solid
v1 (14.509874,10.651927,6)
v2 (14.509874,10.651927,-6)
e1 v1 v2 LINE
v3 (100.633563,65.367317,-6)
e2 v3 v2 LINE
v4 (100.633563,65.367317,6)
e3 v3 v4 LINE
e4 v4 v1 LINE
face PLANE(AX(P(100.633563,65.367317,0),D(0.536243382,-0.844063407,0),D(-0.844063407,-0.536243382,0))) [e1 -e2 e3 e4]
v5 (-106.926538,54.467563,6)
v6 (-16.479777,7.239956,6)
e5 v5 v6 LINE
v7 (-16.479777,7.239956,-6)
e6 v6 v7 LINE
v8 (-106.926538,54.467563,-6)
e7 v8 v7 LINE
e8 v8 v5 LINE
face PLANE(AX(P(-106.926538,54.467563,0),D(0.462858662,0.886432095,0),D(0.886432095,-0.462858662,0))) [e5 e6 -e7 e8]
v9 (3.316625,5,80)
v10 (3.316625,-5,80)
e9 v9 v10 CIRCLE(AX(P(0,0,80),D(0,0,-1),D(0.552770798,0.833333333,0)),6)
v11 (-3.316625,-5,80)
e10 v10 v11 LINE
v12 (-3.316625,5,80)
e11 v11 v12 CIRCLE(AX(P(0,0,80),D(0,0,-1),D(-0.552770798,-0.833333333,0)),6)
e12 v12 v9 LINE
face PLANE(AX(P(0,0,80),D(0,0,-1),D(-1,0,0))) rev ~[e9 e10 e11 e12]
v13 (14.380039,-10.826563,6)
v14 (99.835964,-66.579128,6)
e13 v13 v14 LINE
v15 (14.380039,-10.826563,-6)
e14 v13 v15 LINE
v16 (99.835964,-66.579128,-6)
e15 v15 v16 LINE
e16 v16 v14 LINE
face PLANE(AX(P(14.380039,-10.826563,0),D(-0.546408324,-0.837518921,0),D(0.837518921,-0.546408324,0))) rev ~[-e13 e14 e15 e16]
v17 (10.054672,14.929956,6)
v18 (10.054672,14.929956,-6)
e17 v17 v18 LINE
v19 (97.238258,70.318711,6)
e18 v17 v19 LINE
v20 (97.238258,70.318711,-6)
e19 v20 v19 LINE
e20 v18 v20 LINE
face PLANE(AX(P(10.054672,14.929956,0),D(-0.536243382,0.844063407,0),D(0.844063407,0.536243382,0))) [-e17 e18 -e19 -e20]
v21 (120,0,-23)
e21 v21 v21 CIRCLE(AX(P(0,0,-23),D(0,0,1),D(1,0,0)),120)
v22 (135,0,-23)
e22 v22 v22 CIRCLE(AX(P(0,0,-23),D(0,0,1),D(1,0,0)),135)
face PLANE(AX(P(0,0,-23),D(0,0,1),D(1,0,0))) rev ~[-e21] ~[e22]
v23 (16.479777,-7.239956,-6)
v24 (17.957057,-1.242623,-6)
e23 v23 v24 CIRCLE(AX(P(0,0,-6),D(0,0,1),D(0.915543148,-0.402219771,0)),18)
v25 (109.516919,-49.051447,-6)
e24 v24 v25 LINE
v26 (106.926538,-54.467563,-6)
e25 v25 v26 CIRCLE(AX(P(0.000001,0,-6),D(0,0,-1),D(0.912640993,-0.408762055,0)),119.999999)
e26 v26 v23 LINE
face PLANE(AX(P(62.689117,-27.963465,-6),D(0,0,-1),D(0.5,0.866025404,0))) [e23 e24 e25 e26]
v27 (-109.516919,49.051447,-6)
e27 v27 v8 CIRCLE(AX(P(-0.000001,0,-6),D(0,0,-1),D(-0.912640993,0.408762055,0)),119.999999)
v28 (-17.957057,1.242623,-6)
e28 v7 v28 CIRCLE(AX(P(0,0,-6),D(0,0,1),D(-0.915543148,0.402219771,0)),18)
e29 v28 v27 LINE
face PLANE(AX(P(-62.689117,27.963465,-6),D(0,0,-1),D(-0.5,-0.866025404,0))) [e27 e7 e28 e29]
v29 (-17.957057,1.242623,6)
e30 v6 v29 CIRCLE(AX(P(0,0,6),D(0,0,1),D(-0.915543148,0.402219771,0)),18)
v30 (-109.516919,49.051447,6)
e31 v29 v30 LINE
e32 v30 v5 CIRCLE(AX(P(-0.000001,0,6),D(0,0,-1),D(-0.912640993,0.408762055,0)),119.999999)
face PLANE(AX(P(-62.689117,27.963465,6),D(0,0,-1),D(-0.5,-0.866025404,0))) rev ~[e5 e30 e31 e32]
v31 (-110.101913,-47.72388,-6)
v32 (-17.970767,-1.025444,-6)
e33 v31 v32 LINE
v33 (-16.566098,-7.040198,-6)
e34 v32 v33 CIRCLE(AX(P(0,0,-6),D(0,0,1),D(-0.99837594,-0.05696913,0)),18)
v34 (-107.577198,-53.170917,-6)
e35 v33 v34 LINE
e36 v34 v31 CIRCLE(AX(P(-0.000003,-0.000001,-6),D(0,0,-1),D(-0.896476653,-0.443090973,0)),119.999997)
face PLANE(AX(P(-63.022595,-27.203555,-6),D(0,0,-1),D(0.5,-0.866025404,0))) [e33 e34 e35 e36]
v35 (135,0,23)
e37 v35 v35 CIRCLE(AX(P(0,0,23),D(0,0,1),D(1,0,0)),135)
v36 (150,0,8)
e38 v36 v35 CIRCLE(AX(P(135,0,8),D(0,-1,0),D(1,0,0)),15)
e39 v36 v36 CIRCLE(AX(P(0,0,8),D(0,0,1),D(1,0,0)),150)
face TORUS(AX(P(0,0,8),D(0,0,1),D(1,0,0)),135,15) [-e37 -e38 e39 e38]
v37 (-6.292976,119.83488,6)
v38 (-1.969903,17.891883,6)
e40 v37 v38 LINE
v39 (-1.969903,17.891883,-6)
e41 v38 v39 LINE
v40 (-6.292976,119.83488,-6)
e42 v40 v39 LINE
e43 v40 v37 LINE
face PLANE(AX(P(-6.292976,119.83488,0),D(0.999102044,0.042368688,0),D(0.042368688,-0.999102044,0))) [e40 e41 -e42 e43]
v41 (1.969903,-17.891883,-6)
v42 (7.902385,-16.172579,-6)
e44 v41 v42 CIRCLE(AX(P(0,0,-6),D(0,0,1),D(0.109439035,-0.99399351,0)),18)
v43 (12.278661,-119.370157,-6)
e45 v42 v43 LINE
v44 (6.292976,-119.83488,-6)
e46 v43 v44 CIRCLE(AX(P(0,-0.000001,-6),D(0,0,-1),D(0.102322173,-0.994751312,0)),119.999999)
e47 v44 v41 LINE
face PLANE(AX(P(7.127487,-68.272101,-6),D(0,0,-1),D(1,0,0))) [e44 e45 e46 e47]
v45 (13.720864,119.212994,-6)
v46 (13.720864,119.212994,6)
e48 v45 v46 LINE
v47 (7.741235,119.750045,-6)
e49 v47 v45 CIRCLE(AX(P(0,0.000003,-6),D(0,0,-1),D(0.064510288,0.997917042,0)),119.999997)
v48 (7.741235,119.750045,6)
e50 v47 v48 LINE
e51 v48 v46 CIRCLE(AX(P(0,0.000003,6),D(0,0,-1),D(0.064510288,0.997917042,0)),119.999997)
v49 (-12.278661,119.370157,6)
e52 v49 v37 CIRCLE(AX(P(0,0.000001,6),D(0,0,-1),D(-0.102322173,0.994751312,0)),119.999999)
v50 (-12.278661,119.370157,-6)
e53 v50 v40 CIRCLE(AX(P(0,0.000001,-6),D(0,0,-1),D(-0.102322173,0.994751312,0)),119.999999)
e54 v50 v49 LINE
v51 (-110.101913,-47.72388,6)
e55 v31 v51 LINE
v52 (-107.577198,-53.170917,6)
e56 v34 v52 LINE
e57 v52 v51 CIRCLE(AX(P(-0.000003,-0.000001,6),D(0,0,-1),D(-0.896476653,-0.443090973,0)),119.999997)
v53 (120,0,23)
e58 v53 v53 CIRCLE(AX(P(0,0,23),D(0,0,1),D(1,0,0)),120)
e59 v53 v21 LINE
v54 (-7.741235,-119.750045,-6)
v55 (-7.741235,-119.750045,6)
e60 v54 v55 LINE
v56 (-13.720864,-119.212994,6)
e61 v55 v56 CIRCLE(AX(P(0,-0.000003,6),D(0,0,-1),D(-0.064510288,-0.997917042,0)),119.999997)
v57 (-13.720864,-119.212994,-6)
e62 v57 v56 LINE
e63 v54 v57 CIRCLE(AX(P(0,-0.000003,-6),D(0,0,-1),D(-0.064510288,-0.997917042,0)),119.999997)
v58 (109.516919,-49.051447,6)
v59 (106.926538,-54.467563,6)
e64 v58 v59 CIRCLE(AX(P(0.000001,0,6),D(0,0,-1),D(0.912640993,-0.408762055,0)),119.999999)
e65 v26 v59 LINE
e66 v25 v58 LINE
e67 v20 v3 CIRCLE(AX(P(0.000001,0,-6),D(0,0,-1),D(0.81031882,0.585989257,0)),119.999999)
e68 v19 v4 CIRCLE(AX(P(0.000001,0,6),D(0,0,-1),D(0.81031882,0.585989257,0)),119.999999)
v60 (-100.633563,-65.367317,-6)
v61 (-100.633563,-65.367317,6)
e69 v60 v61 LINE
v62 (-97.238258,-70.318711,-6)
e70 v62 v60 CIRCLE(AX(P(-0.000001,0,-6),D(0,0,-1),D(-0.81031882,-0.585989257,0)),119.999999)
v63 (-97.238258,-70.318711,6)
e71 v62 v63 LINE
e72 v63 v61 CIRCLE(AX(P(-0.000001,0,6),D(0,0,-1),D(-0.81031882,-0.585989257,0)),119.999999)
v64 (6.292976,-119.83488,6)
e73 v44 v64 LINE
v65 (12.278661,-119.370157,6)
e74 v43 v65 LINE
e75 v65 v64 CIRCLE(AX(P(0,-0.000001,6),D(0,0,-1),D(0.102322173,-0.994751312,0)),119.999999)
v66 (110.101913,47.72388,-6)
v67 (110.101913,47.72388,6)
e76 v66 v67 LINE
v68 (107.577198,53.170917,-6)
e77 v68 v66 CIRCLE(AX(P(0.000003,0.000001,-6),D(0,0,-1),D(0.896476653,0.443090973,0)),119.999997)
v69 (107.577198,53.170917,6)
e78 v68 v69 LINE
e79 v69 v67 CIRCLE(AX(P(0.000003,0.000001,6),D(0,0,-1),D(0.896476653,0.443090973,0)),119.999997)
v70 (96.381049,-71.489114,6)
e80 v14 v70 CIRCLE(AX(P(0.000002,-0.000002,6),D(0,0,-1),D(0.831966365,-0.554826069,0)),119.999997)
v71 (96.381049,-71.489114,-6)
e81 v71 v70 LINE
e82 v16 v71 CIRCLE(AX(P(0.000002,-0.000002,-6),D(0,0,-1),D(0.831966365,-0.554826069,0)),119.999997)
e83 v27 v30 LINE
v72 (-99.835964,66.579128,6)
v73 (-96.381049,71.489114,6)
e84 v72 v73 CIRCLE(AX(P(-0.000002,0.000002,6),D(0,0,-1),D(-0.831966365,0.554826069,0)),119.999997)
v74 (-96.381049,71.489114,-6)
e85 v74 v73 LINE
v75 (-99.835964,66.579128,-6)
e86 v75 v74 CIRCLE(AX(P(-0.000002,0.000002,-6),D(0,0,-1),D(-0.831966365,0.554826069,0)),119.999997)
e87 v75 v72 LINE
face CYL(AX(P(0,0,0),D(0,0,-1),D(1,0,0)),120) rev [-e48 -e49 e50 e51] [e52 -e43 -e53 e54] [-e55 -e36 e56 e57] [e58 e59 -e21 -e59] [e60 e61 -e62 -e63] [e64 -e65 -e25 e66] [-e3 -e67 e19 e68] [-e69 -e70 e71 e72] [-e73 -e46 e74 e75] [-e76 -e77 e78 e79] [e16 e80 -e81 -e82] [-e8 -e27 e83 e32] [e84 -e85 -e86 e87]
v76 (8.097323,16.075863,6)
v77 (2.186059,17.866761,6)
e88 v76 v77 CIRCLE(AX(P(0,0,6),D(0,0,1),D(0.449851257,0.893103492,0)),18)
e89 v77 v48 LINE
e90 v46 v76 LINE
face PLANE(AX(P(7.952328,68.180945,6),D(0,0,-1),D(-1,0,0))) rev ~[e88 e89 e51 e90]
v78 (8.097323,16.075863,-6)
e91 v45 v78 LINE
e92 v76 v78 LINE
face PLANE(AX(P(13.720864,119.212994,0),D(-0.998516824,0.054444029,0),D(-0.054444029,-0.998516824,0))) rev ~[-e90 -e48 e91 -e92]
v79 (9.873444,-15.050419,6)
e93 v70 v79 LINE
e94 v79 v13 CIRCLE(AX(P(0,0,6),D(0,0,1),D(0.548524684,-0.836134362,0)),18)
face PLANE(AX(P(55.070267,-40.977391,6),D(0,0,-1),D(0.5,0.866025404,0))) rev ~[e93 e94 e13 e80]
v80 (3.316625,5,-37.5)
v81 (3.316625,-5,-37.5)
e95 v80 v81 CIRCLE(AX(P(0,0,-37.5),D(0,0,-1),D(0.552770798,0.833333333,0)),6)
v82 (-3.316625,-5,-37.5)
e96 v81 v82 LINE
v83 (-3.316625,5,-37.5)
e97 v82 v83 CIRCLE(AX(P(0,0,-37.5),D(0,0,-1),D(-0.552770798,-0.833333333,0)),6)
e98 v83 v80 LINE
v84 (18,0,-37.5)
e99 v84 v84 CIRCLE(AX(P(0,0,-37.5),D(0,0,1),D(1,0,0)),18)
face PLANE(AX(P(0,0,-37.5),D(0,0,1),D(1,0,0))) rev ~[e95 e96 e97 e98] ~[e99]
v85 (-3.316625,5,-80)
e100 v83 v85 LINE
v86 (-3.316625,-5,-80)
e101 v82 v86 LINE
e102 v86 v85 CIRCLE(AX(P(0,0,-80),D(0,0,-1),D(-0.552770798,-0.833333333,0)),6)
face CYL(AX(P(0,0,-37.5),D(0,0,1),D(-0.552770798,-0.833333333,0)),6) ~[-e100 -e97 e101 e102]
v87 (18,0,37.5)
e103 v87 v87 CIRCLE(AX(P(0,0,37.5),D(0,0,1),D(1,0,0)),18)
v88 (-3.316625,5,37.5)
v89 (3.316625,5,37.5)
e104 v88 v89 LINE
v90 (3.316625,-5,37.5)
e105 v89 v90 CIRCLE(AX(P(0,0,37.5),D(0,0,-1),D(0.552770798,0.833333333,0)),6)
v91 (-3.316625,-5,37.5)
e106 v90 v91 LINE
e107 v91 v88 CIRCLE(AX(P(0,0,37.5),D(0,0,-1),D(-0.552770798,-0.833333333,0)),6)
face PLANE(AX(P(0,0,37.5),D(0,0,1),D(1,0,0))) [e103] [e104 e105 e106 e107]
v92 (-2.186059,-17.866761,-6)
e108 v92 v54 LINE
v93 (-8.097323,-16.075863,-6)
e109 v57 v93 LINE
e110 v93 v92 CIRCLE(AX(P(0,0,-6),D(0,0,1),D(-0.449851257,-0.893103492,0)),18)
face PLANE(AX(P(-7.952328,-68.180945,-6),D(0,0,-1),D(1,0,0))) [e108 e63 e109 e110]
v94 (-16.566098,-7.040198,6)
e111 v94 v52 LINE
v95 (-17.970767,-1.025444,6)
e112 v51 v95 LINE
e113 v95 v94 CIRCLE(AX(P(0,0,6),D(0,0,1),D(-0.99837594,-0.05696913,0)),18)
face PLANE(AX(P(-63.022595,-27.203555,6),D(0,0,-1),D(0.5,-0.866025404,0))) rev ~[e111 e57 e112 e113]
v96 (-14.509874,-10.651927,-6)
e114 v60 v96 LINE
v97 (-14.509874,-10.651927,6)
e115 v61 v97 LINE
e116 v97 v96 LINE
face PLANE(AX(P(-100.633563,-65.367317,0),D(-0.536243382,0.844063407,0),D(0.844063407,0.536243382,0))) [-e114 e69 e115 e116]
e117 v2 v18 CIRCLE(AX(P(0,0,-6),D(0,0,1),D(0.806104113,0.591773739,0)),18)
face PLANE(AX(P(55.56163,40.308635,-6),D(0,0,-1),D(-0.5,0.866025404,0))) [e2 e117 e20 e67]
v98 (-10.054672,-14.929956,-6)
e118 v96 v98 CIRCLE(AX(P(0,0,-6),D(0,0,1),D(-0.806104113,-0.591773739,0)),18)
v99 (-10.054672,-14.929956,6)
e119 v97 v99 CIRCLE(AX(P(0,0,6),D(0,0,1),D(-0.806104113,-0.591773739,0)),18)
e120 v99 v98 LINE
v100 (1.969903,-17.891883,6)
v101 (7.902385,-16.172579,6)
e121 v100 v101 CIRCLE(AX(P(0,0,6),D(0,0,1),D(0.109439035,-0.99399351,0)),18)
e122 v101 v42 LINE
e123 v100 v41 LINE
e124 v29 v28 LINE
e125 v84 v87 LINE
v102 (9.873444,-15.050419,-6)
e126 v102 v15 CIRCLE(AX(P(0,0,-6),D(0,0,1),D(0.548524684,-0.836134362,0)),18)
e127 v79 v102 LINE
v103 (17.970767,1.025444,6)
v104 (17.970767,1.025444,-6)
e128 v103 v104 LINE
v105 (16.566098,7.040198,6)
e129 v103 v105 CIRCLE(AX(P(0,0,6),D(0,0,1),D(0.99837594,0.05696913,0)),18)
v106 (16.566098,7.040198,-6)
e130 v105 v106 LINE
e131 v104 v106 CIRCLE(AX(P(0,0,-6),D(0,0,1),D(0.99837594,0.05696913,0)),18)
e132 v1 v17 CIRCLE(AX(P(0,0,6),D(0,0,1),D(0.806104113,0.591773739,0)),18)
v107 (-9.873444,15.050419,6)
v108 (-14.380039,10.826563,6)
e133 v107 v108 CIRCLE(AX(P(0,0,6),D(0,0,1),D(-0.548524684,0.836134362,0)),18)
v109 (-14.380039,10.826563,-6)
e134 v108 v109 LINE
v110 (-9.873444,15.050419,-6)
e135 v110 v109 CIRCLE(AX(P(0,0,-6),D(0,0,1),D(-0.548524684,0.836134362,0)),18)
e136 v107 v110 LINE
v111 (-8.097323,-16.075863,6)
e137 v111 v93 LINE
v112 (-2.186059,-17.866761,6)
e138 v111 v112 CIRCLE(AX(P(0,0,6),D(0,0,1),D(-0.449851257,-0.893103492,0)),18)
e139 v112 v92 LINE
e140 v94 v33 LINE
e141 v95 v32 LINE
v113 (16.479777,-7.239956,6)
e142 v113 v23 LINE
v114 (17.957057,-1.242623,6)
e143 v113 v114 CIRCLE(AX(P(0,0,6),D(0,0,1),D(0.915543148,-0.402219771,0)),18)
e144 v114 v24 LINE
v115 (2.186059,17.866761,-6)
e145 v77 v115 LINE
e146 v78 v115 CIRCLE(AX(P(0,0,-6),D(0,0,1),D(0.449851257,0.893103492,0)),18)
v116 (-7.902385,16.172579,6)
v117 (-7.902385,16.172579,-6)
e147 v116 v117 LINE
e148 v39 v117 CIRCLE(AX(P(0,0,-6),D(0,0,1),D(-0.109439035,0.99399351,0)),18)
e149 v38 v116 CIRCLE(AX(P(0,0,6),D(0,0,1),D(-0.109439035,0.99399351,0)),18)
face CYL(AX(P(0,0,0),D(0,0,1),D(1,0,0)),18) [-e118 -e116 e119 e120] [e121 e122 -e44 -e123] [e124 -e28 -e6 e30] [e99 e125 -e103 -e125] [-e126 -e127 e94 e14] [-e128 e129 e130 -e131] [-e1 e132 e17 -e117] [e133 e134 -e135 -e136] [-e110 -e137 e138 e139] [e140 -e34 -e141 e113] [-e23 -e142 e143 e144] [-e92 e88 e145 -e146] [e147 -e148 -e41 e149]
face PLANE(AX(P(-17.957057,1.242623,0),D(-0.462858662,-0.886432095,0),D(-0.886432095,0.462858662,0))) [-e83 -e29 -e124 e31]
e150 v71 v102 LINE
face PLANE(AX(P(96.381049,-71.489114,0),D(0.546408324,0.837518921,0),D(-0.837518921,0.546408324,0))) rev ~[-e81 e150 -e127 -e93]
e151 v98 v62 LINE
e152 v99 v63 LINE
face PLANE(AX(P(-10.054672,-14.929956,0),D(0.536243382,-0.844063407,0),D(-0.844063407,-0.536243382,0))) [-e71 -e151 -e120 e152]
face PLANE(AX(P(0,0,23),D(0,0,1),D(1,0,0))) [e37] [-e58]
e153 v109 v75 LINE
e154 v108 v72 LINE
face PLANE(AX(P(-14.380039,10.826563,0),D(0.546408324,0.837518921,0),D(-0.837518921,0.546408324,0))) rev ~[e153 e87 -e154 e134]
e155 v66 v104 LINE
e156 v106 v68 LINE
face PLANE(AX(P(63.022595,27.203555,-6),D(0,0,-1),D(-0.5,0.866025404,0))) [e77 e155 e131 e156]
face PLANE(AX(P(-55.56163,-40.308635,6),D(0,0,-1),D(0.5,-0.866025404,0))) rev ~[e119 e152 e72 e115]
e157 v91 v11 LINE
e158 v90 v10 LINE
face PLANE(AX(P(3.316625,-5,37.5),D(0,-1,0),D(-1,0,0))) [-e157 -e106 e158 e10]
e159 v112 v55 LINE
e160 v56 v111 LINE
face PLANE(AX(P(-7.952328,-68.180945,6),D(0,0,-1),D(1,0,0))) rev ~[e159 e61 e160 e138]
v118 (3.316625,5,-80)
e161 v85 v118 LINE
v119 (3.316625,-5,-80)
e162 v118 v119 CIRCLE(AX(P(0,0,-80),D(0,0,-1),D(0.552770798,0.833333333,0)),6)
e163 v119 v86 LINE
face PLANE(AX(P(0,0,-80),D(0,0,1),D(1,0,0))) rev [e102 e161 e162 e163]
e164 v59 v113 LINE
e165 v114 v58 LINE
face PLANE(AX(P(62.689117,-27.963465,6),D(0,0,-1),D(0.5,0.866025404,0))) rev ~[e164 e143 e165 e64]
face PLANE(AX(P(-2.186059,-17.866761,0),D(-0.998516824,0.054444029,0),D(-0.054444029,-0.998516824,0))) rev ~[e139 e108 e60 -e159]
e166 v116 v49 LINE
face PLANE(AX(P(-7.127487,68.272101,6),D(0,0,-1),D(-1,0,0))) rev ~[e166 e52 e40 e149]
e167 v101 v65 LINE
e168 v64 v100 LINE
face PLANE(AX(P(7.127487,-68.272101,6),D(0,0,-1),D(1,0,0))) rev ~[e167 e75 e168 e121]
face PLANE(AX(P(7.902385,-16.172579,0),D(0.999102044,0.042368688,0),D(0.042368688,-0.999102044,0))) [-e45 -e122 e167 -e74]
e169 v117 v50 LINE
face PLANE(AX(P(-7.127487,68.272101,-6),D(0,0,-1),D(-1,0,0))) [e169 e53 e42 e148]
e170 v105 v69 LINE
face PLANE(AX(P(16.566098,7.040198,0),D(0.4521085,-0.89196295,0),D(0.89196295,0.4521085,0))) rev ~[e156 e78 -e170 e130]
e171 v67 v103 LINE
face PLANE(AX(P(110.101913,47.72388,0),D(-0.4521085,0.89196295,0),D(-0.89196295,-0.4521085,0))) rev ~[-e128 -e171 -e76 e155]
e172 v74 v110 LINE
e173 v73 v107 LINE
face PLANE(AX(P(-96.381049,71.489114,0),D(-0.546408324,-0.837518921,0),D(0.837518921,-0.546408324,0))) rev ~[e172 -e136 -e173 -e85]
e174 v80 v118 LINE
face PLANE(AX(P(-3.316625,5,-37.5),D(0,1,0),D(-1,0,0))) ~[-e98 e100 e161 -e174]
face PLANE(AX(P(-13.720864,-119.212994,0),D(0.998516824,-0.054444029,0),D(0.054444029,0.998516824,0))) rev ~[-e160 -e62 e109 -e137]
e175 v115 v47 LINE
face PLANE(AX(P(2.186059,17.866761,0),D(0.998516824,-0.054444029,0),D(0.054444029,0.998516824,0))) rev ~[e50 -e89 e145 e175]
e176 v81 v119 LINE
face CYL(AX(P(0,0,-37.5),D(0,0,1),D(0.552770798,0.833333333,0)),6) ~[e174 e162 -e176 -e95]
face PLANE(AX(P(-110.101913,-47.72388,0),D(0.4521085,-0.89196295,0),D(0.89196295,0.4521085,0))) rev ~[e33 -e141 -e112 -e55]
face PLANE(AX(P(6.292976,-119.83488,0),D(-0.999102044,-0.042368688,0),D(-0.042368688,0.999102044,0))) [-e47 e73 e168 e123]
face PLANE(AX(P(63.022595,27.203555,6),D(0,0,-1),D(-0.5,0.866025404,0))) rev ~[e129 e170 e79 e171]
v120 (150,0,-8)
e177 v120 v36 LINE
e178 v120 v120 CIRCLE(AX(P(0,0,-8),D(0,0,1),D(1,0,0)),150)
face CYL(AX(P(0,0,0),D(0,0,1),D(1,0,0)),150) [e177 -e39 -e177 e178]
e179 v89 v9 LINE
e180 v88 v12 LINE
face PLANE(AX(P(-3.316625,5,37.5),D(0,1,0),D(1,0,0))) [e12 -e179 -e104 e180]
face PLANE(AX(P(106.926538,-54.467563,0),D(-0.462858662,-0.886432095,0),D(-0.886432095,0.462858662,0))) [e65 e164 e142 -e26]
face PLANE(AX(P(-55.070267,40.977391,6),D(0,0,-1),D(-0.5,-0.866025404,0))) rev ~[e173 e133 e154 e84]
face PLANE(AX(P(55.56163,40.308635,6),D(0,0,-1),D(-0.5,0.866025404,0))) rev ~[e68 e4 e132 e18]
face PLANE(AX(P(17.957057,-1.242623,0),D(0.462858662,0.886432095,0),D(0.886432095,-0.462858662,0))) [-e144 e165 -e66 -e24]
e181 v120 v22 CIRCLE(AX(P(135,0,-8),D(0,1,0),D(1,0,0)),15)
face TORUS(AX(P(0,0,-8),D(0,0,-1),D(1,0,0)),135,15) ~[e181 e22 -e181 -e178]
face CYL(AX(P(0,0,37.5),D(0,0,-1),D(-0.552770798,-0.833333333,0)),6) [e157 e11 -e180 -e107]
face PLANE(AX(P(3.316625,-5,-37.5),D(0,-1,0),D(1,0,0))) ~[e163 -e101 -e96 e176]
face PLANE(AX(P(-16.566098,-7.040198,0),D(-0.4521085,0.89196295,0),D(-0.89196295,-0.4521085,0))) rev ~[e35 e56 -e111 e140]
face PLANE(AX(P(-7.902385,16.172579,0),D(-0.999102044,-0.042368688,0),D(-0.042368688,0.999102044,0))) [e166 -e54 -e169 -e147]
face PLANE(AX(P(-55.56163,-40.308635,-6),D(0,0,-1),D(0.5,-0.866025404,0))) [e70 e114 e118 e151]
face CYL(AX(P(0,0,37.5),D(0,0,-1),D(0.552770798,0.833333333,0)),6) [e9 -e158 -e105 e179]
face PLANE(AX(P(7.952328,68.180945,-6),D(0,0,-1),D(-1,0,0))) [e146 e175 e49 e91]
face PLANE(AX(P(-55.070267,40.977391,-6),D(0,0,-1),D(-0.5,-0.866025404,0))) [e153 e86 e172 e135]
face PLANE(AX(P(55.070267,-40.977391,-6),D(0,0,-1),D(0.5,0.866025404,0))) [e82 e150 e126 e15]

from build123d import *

# Parameters (mm, degrees)
SKETCH1_R           = 18
BOSS_EXTRUDE1_DEPTH = 37.5
SKETCH2_R           = 150
SKETCH2_R_2         = 120
BOSS_EXTRUDE2_DEPTH = 23
BOSS_EXTRUDE3_DEPTH = 6
CIRPATTERN15_COUNT  = 6
FILLET1_R           = 15
BOSS_EXTRUDE4_DEPTH = 42.5


with BuildPart() as part:
    # Sketch1 → Boss-Extrude1 (new, symmetric)
    with BuildSketch(Plane.XY):
        Circle(SKETCH1_R)
    extrude(amount=BOSS_EXTRUDE1_DEPTH, both=True)



with BuildPart() as body_2:
    # Sketch2 → Boss-Extrude2 (new, symmetric)
    with BuildSketch(Plane.XY):
        Circle(SKETCH2_R)
        Circle(SKETCH2_R_2, mode=Mode.SUBTRACT)
    extrude(amount=BOSS_EXTRUDE2_DEPTH, both=True)


with BuildPart() as part_1:
    add(part.part)

    add(body_2.part)  # Boss-Extrude3 merges body 2
    # Sketch3 → Boss-Extrude3 (add, symmetric)
    with BuildSketch(Plane.XY):
        with BuildLine():
            Line((-6.292975555, 119.834879975), (-1.969902622, 17.891883178))
            ThreePointArc((-1.969902622, 17.891883178), (-5.010440879, 17.288593991), (-7.902385067, 16.172578961))
            Line((-7.902385067, 16.172578961), (-12.278660753, 119.370157452))
            ThreePointArc((-12.278660753, 119.370157452), (-9.288724915, 119.639958164), (-6.292975555, 119.834879975))
        make_face()
        with BuildLine():
            Line((13.720864234, 119.212993774), (8.097322617, 16.075862852))
            ThreePointArc((8.097322617, 16.075862852), (5.2190816, 17.226757886), (2.18605888, 17.866760942))
            Line((2.18605888, 17.866760942), (7.741234625, 119.750045037))
            ThreePointArc((7.741234625, 119.750045037), (10.734408595, 119.51892098), (13.720864234, 119.212993774))
        make_face()
    boss_extrude3 = extrude(amount=BOSS_EXTRUDE3_DEPTH, both=True)

    # CirPattern15: Boss-Extrude3 ×6 about axis
    cirpattern15_axis = Axis((0, 0, -53.35), (0, 0, 1))
    for i in range(1, CIRPATTERN15_COUNT):
        add(boss_extrude3.rotate(cirpattern15_axis, i * 360 / CIRPATTERN15_COUNT))

    # Fillet1
    fillet1_edges = [part_1.edges().sort_by_distance(p)[0] for p in [
        (-150, 0, -23),
        (-150, 0, 23),
    ]]
    fillet(fillet1_edges, radius=FILLET1_R)

    # Sketch5 → Boss-Extrude4 (add)
    with BuildSketch(Plane.XY.offset(37.5)):
        with BuildLine():
            Line((-3.31662479, 5), (3.31662479, 5))
            ThreePointArc((3.31662479, 5), (6, 0), (3.31662479, -5))
            Line((3.31662479, -5), (-3.31662479, -5))
            ThreePointArc((-3.31662479, -5), (-6, 0), (-3.31662479, 5))
        make_face()
    boss_extrude4 = extrude(amount=BOSS_EXTRUDE4_DEPTH)

    # Mirror1: Boss-Extrude4 across plane
    add(boss_extrude4.mirror(Plane.XY))


solid = part_1.part
